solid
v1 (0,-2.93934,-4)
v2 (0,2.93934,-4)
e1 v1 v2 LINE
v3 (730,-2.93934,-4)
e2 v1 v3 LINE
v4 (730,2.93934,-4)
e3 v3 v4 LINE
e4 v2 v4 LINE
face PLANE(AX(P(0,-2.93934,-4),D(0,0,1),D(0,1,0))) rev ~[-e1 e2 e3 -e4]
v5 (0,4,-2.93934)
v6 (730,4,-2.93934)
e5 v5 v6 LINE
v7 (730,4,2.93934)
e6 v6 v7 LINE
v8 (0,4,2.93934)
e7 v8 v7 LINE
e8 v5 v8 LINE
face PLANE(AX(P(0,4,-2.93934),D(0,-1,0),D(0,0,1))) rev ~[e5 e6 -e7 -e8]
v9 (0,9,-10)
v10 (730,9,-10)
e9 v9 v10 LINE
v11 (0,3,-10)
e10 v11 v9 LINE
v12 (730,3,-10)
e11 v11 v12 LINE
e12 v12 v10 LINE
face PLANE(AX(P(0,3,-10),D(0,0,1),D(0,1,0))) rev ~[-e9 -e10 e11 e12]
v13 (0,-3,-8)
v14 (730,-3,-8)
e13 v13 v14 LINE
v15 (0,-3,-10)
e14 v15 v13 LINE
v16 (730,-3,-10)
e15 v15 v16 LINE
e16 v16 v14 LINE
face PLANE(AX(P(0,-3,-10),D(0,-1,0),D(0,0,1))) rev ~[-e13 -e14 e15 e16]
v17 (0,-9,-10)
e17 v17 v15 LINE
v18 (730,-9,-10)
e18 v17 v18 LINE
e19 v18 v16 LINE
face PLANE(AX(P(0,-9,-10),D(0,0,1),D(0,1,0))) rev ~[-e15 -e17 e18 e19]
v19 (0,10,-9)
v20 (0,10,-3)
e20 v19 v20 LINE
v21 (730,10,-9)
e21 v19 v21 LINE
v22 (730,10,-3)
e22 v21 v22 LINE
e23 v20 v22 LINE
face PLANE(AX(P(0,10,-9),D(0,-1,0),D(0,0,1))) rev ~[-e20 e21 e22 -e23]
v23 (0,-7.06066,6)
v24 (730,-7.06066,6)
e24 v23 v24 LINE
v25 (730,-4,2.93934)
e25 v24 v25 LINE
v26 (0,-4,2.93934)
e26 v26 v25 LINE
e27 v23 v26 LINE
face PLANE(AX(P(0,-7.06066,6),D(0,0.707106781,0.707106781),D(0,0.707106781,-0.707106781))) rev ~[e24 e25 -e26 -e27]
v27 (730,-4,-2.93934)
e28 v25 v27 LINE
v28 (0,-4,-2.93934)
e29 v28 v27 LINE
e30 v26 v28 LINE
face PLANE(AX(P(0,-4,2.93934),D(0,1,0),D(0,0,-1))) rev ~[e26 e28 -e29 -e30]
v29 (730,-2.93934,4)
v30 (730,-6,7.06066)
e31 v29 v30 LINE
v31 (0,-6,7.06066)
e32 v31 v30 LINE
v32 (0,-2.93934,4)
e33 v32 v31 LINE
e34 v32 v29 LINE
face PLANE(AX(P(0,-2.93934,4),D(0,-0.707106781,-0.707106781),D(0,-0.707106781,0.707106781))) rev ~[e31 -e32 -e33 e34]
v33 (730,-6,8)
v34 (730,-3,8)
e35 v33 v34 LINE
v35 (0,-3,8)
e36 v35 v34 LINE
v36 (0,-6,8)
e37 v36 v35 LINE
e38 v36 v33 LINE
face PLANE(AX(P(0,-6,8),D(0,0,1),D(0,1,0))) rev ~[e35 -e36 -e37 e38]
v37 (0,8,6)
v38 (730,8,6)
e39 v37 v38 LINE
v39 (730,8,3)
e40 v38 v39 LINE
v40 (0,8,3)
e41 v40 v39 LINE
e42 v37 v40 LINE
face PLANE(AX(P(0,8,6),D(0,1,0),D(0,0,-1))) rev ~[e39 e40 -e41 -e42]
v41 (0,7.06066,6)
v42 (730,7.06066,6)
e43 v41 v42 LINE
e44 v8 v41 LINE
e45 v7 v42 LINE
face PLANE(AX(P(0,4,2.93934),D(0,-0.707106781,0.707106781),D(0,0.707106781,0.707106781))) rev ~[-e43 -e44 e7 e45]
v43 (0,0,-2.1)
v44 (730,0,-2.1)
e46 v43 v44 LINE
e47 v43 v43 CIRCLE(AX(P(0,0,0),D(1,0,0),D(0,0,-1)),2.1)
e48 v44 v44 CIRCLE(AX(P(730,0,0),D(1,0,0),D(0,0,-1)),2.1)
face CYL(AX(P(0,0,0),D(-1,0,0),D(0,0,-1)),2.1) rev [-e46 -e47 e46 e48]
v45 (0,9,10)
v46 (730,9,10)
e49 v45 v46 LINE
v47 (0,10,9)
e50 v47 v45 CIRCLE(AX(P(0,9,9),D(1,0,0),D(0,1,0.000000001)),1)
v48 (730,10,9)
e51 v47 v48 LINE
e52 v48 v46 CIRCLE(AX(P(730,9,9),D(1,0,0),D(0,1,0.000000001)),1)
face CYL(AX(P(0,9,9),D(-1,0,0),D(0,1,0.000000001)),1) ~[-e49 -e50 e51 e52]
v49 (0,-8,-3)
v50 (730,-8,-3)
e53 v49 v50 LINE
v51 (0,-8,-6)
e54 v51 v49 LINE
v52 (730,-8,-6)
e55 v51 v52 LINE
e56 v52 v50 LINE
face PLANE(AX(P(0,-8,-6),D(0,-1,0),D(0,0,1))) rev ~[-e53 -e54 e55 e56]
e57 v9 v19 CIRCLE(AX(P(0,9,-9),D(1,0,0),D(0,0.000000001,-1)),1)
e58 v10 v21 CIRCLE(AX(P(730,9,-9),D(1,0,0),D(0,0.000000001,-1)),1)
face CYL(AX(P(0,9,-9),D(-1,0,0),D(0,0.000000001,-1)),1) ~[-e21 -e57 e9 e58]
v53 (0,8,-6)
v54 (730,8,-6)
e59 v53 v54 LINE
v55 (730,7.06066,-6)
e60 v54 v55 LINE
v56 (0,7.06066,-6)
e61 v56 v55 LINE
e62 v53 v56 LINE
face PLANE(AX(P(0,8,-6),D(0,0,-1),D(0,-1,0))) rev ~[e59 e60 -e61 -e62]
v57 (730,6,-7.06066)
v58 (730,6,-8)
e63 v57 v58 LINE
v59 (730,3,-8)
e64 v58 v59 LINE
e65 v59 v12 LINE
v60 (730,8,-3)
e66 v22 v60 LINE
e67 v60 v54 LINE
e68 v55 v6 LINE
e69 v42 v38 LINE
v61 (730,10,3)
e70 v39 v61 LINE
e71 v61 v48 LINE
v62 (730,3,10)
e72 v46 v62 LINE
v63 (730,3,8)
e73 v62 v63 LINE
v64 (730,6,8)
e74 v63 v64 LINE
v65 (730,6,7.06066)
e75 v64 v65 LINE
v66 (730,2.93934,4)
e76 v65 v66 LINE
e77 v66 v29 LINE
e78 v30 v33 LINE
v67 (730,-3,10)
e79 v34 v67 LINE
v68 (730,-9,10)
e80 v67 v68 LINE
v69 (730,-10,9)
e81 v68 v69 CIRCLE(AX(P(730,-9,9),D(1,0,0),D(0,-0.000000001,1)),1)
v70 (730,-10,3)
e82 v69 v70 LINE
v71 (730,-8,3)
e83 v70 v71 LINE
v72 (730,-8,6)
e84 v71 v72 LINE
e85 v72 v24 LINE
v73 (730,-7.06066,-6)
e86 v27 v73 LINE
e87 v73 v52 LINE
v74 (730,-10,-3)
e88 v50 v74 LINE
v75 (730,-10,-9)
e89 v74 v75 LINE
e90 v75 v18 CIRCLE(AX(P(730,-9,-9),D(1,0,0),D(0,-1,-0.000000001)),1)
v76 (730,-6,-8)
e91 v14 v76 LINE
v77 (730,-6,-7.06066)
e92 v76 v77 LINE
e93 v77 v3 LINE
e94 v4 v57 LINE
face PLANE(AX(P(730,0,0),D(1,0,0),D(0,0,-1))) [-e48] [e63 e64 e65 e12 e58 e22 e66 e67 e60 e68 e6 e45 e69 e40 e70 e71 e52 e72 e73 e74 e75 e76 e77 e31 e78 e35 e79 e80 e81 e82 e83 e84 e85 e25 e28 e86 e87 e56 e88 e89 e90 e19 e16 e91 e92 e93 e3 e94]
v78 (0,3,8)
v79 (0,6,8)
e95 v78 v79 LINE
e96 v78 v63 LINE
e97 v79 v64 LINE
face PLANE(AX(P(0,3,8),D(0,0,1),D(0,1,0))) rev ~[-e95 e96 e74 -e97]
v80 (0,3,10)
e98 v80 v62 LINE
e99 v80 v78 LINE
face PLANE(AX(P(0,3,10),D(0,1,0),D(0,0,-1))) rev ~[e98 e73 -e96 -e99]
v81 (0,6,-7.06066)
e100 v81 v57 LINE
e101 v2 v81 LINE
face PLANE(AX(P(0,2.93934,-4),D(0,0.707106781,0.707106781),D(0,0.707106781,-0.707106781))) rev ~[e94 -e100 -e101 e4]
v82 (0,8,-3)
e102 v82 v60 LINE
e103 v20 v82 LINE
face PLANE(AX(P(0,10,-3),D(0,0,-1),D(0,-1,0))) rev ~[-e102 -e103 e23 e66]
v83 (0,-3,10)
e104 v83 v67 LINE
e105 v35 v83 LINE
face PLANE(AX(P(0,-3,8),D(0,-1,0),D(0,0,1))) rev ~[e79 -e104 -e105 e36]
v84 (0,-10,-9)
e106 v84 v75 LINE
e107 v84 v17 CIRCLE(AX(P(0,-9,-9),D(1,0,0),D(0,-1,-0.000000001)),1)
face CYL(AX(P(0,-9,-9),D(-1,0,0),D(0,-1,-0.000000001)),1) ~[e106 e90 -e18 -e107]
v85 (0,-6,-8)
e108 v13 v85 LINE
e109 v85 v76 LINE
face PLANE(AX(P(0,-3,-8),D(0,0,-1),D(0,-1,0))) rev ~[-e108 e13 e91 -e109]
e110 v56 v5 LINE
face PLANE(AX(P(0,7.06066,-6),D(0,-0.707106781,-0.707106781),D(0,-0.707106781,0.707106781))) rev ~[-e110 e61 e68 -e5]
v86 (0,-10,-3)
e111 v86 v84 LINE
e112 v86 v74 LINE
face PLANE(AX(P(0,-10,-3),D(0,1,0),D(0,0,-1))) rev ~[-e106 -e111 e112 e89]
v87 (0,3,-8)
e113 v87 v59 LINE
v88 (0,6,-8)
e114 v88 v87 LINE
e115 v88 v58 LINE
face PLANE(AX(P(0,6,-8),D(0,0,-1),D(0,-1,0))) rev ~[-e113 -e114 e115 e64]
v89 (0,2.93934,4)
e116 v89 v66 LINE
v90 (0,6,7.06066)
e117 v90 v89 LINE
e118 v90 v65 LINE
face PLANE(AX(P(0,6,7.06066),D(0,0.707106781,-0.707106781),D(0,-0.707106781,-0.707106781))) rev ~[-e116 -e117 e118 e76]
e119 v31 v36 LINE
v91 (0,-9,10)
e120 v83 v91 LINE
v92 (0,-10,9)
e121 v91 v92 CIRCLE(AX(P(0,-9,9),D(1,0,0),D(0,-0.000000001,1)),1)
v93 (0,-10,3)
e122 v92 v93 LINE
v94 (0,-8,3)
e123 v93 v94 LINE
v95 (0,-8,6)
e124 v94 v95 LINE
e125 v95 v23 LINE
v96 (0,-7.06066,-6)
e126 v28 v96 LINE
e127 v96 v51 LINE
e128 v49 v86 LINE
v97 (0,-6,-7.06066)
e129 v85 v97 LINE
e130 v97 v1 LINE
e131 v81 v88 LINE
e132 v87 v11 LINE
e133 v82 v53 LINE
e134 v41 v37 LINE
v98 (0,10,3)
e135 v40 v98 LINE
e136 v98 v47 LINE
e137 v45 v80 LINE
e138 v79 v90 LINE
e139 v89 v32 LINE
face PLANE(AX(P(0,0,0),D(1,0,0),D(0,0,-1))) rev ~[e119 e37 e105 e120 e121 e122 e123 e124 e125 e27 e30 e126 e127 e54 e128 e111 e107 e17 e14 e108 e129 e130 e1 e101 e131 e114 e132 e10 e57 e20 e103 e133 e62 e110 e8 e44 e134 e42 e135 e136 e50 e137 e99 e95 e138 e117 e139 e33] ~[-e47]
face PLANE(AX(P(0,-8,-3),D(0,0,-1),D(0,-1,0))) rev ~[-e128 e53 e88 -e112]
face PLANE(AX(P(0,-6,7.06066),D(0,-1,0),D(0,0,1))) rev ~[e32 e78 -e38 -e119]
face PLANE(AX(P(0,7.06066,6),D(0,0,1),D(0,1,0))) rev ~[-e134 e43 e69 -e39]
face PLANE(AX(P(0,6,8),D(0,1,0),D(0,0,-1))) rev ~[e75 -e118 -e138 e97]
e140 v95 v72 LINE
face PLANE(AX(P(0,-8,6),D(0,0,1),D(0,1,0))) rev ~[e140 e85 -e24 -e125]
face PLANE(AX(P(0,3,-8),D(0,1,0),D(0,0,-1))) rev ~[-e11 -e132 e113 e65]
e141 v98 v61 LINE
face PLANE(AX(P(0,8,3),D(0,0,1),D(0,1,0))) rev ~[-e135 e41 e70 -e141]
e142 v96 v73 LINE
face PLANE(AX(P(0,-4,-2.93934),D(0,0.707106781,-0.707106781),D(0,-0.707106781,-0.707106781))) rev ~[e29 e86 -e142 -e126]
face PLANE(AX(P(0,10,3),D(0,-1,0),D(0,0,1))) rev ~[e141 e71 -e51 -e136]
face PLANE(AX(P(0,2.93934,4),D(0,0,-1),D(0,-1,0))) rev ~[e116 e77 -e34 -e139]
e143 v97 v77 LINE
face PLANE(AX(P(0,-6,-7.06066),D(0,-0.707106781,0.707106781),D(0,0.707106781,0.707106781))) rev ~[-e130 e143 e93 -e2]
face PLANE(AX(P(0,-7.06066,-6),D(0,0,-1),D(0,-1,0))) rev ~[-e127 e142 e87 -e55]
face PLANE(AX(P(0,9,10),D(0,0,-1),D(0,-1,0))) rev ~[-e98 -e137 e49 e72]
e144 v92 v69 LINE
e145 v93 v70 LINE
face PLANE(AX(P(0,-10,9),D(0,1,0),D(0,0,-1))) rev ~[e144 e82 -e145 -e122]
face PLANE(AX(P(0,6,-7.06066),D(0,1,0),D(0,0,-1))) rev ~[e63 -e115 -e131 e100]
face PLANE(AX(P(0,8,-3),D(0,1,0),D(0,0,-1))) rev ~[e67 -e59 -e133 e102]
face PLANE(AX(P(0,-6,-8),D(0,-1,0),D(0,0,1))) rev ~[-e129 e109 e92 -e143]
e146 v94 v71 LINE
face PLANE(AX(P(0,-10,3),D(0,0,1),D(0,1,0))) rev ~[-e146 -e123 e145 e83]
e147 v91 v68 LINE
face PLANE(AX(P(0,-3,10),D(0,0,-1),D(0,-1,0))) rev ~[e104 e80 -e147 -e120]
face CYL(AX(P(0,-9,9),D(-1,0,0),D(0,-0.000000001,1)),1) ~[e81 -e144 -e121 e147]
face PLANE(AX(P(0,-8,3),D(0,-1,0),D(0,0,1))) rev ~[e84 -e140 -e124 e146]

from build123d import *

# Parameters (mm, degrees)
SKETCH1_R           = 2.1
BOSS_EXTRUDE1_DEPTH = 730


with BuildPart() as part:
    # Sketch1 → Boss-Extrude1 (new body)
    with BuildSketch(Plane(origin=(0, 0, 0), x_dir=(0, 0, -1), z_dir=(1, 0, 0))):
        with BuildLine():
            Line((-10, 9), (-10, 3))
            Line((-10, 3), (-8, 3))
            Line((-8, 3), (-8, 6))
            Line((-8, 6), (-7.060660172, 6))
            Line((-7.060660172, 6), (-4, 2.939339828))
            Line((-4, 2.939339828), (-4, -2.939339828))
            Line((-4, -2.939339828), (-7.060660172, -6))
            Line((-7.060660172, -6), (-8, -6))
            Line((-8, -6), (-8, -3))
            Line((-8, -3), (-10, -3))
            Line((-10, -3), (-10, -9))
            ThreePointArc((-10, -9), (-9.707106781, -9.707106781), (-9, -10))
            Line((-9, -10), (-3, -10))
            Line((-3, -10), (-3, -8))
            Line((-3, -8), (-6, -8))
            Line((-6, -8), (-6, -7.060660172))
            Line((-6, -7.060660172), (-2.939339828, -4))
            Line((-2.939339828, -4), (2.939339828, -4))
            Line((2.939339828, -4), (6, -7.060660172))
            Line((6, -7.060660172), (6, -8))
            Line((6, -8), (3, -8))
            Line((3, -8), (3, -10))
            Line((3, -10), (9, -10))
            ThreePointArc((9, -10), (9.707106781, -9.707106781), (10, -9))
            Line((10, -9), (10, -3))
            Line((10, -3), (8, -3))
            Line((8, -3), (8, -6))
            Line((8, -6), (7.060660172, -6))
            Line((7.060660172, -6), (4, -2.939339828))
            Line((4, -2.939339828), (4, 2.939339828))
            Line((4, 2.939339828), (7.060660172, 6))
            Line((7.060660172, 6), (8, 6))
            Line((8, 6), (8, 3))
            Line((8, 3), (10, 3))
            Line((10, 3), (10, 9))
            ThreePointArc((10, 9), (9.707106781, 9.707106781), (9, 10))
            Line((9, 10), (3, 10))
            Line((3, 10), (3, 8))
            Line((3, 8), (6, 8))
            Line((6, 8), (6, 7.060660172))
            Line((6, 7.060660172), (2.939339828, 4))
            Line((2.939339828, 4), (-2.939339828, 4))
            Line((-2.939339828, 4), (-6, 7.060660172))
            Line((-6, 7.060660172), (-6, 8))
            Line((-6, 8), (-3, 8))
            Line((-3, 8), (-3, 10))
            Line((-3, 10), (-9, 10))
            ThreePointArc((-9, 10), (-9.707106781, 9.707106781), (-10, 9))
        make_face()
        Circle(SKETCH1_R, mode=Mode.SUBTRACT)
    extrude(amount=BOSS_EXTRUDE1_DEPTH)


solid = part.part
